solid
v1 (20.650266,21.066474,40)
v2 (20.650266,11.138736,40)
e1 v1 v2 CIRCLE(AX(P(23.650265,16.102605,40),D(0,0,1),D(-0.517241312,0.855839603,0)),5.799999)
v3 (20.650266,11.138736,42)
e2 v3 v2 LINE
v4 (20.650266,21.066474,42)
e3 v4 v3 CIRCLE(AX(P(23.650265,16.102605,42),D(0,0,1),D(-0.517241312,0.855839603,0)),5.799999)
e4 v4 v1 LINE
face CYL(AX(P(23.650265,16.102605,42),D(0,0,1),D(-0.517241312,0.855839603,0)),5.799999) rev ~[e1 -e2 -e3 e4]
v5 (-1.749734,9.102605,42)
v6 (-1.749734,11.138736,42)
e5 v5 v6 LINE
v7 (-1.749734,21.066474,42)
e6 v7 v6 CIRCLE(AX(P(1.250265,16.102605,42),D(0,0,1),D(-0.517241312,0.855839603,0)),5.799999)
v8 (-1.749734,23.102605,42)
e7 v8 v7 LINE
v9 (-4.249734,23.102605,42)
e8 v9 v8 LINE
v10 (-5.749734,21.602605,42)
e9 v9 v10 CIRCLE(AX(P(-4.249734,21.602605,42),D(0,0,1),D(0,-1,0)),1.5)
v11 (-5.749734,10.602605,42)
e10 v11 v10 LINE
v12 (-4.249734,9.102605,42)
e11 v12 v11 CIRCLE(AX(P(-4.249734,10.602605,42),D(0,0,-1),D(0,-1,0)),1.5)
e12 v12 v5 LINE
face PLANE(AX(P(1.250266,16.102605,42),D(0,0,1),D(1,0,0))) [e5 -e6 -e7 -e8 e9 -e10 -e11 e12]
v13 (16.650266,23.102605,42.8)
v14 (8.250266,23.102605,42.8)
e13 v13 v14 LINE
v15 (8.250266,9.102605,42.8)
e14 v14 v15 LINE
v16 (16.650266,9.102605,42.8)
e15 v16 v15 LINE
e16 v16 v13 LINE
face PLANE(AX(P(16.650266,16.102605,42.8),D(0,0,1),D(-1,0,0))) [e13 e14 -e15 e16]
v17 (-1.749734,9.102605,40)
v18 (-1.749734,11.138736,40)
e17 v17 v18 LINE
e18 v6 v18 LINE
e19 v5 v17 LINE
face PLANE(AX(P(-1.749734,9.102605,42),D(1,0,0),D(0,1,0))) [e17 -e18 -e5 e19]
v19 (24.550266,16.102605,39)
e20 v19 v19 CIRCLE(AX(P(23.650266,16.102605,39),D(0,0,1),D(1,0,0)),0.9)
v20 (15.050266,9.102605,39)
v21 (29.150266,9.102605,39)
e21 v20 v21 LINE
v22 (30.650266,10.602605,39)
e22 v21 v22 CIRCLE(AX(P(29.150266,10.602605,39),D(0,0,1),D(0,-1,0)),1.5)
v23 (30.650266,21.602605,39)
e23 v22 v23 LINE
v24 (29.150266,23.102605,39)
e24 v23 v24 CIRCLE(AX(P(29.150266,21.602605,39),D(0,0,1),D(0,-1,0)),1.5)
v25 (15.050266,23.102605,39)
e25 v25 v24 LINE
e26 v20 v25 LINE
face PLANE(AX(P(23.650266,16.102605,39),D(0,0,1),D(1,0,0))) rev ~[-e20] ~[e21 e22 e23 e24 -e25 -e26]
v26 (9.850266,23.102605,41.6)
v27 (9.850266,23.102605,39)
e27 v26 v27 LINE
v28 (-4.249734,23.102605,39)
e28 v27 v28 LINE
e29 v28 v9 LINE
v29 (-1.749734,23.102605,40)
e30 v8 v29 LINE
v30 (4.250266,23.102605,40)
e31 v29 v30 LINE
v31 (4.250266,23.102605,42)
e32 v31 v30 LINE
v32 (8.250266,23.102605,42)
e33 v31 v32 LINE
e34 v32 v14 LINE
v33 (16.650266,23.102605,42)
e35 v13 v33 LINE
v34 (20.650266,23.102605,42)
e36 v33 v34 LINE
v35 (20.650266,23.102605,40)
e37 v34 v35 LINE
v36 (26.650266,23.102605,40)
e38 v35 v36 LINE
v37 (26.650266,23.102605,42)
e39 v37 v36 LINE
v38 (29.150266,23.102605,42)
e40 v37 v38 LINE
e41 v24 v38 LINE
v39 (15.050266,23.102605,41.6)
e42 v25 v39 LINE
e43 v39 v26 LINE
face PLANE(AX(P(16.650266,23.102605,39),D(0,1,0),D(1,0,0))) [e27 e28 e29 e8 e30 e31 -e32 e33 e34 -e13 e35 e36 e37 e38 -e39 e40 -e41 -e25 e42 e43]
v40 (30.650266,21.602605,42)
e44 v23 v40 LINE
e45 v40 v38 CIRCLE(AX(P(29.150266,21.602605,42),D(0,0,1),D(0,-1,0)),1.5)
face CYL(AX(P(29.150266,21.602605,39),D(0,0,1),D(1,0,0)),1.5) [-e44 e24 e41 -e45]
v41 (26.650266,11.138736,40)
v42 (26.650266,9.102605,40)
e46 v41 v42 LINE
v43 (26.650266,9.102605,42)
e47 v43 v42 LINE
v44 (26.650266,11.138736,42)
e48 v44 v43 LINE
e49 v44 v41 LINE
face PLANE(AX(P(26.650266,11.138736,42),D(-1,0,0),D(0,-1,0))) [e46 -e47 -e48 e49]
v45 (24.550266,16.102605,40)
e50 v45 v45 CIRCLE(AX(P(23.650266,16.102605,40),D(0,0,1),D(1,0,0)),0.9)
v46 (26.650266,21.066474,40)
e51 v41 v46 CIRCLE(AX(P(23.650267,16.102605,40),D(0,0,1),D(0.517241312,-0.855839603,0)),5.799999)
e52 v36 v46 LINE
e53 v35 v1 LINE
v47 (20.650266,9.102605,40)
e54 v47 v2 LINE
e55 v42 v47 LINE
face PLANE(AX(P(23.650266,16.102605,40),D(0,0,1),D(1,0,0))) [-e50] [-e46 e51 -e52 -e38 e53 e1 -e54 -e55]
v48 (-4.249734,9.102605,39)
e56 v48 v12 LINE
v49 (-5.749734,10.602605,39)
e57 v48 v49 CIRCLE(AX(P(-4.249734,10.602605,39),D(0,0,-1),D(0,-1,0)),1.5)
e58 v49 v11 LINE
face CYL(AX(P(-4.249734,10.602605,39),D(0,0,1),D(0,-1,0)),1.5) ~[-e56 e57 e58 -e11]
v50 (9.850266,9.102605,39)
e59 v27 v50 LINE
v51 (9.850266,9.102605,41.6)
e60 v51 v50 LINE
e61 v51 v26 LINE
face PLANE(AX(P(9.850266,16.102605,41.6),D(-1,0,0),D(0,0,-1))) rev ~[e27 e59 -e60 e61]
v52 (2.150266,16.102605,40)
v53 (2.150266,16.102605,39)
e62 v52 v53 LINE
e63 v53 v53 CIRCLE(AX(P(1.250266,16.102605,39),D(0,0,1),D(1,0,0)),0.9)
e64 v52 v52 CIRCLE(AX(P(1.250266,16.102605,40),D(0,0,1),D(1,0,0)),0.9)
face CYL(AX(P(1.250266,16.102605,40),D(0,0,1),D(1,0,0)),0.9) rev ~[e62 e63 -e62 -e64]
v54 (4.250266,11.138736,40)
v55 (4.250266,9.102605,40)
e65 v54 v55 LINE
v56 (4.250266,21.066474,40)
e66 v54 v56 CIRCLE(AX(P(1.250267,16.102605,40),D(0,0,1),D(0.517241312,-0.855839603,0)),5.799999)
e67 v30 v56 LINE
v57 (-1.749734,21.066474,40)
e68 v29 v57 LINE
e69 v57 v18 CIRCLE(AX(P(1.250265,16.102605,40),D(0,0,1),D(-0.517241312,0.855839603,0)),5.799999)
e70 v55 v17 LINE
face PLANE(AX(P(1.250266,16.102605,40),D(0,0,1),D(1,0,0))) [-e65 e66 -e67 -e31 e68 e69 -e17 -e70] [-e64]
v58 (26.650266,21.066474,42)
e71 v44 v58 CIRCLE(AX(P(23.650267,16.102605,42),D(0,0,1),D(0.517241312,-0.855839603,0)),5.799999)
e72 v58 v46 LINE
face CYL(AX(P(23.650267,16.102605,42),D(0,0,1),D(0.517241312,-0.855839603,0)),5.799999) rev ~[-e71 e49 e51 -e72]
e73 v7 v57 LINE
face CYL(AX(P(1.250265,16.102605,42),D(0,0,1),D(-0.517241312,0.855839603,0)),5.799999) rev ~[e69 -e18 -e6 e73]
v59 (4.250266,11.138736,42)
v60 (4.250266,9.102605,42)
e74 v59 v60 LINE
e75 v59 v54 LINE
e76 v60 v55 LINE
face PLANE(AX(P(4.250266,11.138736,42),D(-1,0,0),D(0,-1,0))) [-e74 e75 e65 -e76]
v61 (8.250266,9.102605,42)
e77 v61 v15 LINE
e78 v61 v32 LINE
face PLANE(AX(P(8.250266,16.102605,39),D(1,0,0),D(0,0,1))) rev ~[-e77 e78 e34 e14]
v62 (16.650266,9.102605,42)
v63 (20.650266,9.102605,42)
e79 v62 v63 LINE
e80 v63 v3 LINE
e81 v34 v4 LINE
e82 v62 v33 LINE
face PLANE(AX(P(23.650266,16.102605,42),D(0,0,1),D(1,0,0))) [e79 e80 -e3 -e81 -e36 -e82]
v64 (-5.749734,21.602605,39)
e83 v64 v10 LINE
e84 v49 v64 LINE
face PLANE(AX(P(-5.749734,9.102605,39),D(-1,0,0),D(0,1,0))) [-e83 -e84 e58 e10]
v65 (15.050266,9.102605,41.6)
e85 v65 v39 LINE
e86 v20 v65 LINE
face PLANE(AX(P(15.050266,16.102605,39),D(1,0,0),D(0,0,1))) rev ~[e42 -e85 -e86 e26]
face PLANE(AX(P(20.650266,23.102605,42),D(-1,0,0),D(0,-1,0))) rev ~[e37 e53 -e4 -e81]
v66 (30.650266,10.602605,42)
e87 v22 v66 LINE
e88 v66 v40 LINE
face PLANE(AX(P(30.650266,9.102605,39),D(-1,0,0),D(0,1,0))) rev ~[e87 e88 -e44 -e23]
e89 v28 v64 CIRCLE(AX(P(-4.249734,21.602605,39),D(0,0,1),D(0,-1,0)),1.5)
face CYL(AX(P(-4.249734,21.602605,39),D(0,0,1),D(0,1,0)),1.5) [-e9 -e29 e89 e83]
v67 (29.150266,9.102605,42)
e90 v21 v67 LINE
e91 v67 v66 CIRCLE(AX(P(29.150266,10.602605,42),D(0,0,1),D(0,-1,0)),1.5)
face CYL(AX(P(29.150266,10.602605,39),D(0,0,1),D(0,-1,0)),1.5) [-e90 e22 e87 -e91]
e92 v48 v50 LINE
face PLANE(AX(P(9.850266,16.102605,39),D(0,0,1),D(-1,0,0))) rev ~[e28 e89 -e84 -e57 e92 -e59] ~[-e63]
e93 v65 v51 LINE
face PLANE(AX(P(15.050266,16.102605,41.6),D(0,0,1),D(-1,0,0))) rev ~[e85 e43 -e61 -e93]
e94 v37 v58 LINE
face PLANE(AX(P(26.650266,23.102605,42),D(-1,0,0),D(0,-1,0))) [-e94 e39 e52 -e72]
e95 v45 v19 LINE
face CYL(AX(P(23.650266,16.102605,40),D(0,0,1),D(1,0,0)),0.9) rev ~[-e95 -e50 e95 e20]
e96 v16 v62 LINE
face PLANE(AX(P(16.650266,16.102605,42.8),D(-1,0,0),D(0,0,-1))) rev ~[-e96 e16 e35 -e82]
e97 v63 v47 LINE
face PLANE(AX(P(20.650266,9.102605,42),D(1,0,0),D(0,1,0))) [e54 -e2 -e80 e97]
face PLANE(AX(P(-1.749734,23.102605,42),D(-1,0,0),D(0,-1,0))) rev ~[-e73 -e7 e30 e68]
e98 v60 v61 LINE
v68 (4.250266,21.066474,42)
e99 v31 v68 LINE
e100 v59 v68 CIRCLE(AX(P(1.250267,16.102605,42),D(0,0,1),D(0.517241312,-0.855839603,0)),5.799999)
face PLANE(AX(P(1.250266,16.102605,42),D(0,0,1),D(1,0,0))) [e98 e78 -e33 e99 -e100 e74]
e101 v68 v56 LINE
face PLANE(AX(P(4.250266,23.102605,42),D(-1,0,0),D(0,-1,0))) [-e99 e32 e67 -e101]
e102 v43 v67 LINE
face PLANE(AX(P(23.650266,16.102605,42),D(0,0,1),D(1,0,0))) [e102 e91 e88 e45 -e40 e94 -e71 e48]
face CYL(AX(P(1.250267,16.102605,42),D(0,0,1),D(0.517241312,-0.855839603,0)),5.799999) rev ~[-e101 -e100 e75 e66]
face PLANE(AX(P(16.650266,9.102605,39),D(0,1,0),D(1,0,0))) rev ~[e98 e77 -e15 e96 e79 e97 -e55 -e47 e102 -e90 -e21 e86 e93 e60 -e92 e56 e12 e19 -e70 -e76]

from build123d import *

# Parameters (mm, degrees)
PAD_DEPTH       = 7
SKETCH006_W     = 14
SKETCH006_H     = 14
PAD002_DEPTH    = 3
POCKET004_DEPTH = 2
SKETCH008_R     = 0.9
POCKET005_DEPTH = 1.001
FILLET001_R     = 1.5


with BuildPart() as clamp_unit001:
    # Sketch → Pad (new body, symmetric)
    with BuildSketch(Plane.XZ):
        Polygon((-2.6, 3.8), (4.2, 3.8), (4.2, 0), (2.6, 0), (2.6, 2.6), (-2.6, 2.6), (-2.6, 0), (-4.2, 0), (-4.2, 3.8), align=None)
    extrude(amount=PAD_DEPTH, both=True)


with BuildPart() as pushpin_unit002:
    # Sketch006 → Pad002 (new body)
    with BuildSketch(Plane.XY):
        Rectangle(SKETCH006_W, SKETCH006_H)
    extrude(amount=PAD002_DEPTH)

    # Sketch007 → Pocket004 (cut)
    with BuildSketch(Plane.XY.offset(3)):
        with BuildLine():
            Line((-3, 7), (-3, 4.963869))
            ThreePointArc((-3, 4.963869), (-5.8, 0), (-3, -4.963869))
            Line((-3, -7), (-3, -4.963869))
            Line((3, -7), (-3, -7))
            Line((3, -4.963869), (3, -7))
            ThreePointArc((3, -4.963869), (5.8, 0), (3, 4.963869))
            Line((3, 7), (3, 4.963869))
            Line((-3, 7), (3, 7))
        make_face()
    extrude(amount=-POCKET004_DEPTH, mode=Mode.SUBTRACT)

    # Sketch008 → Pocket005 (cut, through all)
    with BuildSketch(Plane.XY.offset(1)):
        Circle(SKETCH008_R)
    extrude(amount=-POCKET005_DEPTH, mode=Mode.SUBTRACT)


with BuildPart() as pushpin_unit002_1:
    # Clone placement: moved
    add(pushpin_unit002.part.moved(Location((-11.2, 0, 0))))


with BuildPart() as pushpin_unit003:
    # Clone004 base: copy of pushpin-unit002
    add(pushpin_unit002_1.part)


with BuildPart() as pushpin_unit003_1:
    # Clone004 placement: moved
    add(pushpin_unit003.part.moved(Location((22.4, 0, 0))))


with BuildPart() as clone_of_wire_holder_double:
    # Fusion001 base: copy of pushpin-unit002
    add(pushpin_unit002_1.part)

    # Fusion001: union clamp-unit001, pushpin-unit003
    add(clamp_unit001.part)
    add(pushpin_unit003_1.part)

    # Fillet001
    fillet001_edges = [clone_of_wire_holder_double.edges().sort_by_distance(p)[0] for p in [
        (-18.2, 7, 1.5),
        (18.2, 7, 1.5),
        (-18.2, -7, 1.5),
        (18.2, -7, 1.5),
    ]]
    fillet(fillet001_edges, radius=FILLET001_R)


with BuildPart() as clone_of_wire_holder_double_1:
    # Clone007 placement: moved
    add(clone_of_wire_holder_double.part.moved(Location((35.472096, 29.030871, 0))))


with BuildPart() as clone_of_wire_holder_double_2:
    # Clone001004 placement: moved
    add(clone_of_wire_holder_double_1.part.moved(Location((-23.02183, -12.928266, 39))))


solid = clone_of_wire_holder_double_2.part
